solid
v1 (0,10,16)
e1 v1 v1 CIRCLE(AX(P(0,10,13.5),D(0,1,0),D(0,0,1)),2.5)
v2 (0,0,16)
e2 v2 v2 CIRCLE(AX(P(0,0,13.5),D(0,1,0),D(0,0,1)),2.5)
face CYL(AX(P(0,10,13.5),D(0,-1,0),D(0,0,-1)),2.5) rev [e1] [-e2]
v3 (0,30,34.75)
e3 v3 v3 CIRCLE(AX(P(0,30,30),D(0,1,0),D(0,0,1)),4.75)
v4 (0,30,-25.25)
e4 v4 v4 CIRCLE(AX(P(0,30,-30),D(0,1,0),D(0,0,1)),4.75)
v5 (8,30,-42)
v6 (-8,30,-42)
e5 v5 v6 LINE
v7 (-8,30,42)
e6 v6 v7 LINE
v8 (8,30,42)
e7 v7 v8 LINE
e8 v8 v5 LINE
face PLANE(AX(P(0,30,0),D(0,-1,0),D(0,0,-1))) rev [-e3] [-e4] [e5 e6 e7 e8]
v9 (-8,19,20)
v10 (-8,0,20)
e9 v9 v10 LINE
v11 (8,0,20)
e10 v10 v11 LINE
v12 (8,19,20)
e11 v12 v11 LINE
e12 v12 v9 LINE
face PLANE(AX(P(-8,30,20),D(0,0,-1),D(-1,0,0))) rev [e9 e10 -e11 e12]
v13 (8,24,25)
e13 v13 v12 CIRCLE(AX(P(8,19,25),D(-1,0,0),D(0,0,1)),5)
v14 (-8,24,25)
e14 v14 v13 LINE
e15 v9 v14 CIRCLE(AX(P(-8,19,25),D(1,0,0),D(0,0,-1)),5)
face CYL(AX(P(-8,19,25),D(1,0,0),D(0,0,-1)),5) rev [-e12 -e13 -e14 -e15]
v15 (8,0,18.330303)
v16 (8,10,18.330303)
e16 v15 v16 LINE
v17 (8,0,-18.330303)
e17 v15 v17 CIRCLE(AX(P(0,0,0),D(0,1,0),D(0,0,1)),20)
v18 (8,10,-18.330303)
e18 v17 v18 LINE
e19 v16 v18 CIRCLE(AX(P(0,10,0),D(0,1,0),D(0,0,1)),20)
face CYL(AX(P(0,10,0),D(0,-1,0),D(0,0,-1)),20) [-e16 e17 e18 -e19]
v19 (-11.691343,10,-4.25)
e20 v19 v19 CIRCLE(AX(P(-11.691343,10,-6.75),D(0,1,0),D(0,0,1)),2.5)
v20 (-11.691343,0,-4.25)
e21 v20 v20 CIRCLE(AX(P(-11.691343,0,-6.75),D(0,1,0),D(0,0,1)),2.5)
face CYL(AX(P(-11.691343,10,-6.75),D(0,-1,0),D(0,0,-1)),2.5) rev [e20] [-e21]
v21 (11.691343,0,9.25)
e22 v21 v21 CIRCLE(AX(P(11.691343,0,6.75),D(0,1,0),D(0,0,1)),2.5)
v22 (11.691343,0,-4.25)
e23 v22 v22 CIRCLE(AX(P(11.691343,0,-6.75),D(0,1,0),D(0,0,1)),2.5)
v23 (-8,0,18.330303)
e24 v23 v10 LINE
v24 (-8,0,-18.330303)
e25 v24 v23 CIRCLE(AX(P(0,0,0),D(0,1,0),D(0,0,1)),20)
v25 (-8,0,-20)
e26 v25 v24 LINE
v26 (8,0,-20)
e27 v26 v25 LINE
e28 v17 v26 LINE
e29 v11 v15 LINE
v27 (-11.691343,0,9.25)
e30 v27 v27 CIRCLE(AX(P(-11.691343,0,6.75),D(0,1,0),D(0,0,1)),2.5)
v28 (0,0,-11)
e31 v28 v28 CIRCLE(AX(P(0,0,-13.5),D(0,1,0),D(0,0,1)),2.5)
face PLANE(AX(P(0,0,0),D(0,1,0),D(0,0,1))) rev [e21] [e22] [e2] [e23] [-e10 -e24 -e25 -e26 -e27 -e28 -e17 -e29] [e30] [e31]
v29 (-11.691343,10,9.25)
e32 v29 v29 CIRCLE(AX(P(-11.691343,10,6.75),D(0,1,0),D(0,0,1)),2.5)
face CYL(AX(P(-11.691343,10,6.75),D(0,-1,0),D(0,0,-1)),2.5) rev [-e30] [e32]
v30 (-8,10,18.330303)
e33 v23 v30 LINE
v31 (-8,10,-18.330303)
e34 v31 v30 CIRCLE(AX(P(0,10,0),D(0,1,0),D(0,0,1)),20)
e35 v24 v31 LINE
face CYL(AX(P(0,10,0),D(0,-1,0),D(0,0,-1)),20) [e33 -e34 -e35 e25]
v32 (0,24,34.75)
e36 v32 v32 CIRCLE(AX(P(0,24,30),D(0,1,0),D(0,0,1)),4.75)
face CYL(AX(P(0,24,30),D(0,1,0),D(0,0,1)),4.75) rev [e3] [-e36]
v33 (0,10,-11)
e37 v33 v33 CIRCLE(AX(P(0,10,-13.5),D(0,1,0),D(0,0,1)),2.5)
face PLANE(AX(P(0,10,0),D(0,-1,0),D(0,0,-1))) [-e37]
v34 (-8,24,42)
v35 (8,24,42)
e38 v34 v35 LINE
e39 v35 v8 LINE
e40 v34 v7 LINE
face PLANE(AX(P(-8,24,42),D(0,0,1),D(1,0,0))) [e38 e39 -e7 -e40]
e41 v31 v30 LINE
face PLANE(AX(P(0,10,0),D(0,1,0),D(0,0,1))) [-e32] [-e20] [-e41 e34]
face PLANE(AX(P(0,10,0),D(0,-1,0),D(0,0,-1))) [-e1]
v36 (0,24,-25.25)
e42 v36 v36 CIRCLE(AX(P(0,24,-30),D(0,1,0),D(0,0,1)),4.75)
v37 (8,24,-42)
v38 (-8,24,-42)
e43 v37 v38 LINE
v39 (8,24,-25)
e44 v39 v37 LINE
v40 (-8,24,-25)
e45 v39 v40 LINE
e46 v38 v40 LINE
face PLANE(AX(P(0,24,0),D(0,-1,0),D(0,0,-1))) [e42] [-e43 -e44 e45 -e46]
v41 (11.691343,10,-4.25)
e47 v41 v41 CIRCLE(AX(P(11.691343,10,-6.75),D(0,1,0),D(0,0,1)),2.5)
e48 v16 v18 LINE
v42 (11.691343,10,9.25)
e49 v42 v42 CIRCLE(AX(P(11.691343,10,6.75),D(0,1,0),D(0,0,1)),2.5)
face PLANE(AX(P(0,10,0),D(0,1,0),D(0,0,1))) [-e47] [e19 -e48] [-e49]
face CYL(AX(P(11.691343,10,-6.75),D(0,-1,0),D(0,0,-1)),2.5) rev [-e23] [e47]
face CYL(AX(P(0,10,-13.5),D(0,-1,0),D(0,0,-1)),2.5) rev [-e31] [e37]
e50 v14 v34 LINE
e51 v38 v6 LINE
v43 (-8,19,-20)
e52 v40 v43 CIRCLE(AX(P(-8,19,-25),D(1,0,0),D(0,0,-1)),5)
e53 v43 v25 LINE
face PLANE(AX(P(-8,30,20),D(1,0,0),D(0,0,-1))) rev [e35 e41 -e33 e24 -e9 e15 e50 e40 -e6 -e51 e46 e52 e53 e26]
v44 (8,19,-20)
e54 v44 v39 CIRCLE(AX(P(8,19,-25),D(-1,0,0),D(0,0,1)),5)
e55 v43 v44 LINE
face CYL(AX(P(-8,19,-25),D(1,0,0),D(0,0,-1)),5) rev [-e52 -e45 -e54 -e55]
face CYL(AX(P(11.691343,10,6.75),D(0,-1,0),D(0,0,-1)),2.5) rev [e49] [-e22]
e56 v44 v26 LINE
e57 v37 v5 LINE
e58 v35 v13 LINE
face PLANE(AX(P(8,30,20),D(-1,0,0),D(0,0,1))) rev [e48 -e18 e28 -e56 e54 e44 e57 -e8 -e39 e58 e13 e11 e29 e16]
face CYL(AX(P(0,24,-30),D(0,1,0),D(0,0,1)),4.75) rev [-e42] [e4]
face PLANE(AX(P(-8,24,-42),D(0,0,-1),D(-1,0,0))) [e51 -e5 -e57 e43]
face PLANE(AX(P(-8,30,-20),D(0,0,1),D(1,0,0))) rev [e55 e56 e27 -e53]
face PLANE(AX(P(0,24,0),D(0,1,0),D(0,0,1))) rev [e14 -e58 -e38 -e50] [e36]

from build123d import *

# Parameters (mm, degrees)
SKETCH1_R           = 20
BOSS_EXTRUDE1_DEPTH = 10
SKETCH2_W           = 16
SKETCH2_H           = 40
BOSS_EXTRUDE2_DEPTH = 20
SKETCH3_W           = 16
SKETCH3_H           = 22
SKETCH3_R           = 4.75
BOSS_EXTRUDE3_DEPTH = 6
FILLET1_R           = 5
BOSS_EXTRUDE4_START = 10
BOSS_EXTRUDE4_DEPTH = 10


with BuildPart() as part:
    # Sketch1 → Boss-Extrude1 (new body)
    # profile 1 of 2: a face of its own
    with BuildSketch(Plane(origin=(0, 0, 0), x_dir=(1, 0, 0), z_dir=(0, 1, 0))):
        with Locations(Location((0, 0, 0), (0, 0, 270))):
            Circle(SKETCH1_R)
        with BuildLine():
            ThreePointArc((9.191342951, -6.75), (11.691342951, -9.25), (14.191342951, -6.75))
            ThreePointArc((14.191342951, -6.75), (11.691342951, -4.25), (9.191342951, -6.75))
        make_face(mode=Mode.SUBTRACT)
        with BuildLine():
            ThreePointArc((-2.5, -13.5), (0, -16), (2.5, -13.5))
            ThreePointArc((2.5, -13.5), (0, -11), (-2.5, -13.5))
        make_face(mode=Mode.SUBTRACT)
        with BuildLine():
            ThreePointArc((-14.191342951, -6.75), (-11.691342951, -9.25), (-9.191342951, -6.75))
            ThreePointArc((-9.191342951, -6.75), (-11.691342951, -4.25), (-14.191342951, -6.75))
        make_face(mode=Mode.SUBTRACT)
        with BuildLine():
            ThreePointArc((-14.191342951, 6.75), (-11.691342951, 4.25), (-9.191342951, 6.75))
            ThreePointArc((-9.191342951, 6.75), (-11.691342951, 9.25), (-14.191342951, 6.75))
        make_face(mode=Mode.SUBTRACT)
        with BuildLine():
            ThreePointArc((5.5, 0), (0, 5.5), (-5.5, 0))
            ThreePointArc((-5.5, 0), (0, -5.5), (5.5, 0))
        make_face(mode=Mode.SUBTRACT)
        with BuildLine():
            ThreePointArc((-2.5, 13.5), (0, 11), (2.5, 13.5))
            ThreePointArc((2.5, 13.5), (0, 16), (-2.5, 13.5))
        make_face(mode=Mode.SUBTRACT)
        with BuildLine():
            ThreePointArc((9.191342951, 6.75), (11.691342951, 4.25), (14.191342951, 6.75))
            ThreePointArc((14.191342951, 6.75), (11.691342951, 9.25), (9.191342951, 6.75))
        make_face(mode=Mode.SUBTRACT)
    # profile 2 of 2: a face of its own
    with BuildSketch(Plane(origin=(0, 0, 0), x_dir=(1, 0, 0), z_dir=(0, 1, 0))):
        with BuildLine():
            ThreePointArc((-5.5, 0), (0, -5.5), (5.5, 0))
            ThreePointArc((5.5, 0), (0, 5.5), (-5.5, 0))
        make_face()
    extrude(amount=BOSS_EXTRUDE1_DEPTH)

    # Sketch2 → Boss-Extrude2 (add)
    with BuildSketch(Plane(origin=(0, 10, 0), x_dir=(1, 0, 0), z_dir=(0, 1, 0))):
        Rectangle(SKETCH2_W, SKETCH2_H)
    extrude(amount=BOSS_EXTRUDE2_DEPTH)

    # Sketch3 → Boss-Extrude3 (add)
    # profile 1 of 2: a face of its own
    with BuildSketch(Plane(origin=(0, 30, 0), x_dir=(1, 0, 0), z_dir=(0, 1, 0))):
        with Locations((0, -31)):
            Rectangle(SKETCH3_W, SKETCH3_H)
        with Locations(Location((0, -30, 0), (0, 0, 270))):
            Circle(SKETCH3_R, mode=Mode.SUBTRACT)
    # profile 2 of 2: a face of its own
    with BuildSketch(Plane(origin=(0, 30, 0), x_dir=(1, 0, 0), z_dir=(0, 1, 0))):
        with Locations((0, 31)):
            Rectangle(SKETCH3_W, SKETCH3_H)
        with Locations(Location((0, 30, 0), (0, 0, 270))):
            Circle(SKETCH3_R, mode=Mode.SUBTRACT)
    extrude(amount=-BOSS_EXTRUDE3_DEPTH)

    # Fillet1
    fillet1_edges = [part.edges().sort_by_distance(p)[0] for p in [
        (0, 24, 20),
        (0, 24, -20),
    ]]
    fillet(fillet1_edges, radius=FILLET1_R)

    # Sketch4 → Boss-Extrude4 (add)
    with BuildSketch(Plane.XZ.offset(-10).offset(BOSS_EXTRUDE4_START)):
        with BuildLine():
            Line((-8, -18.33030278), (-8, -20))
            Line((-8, -20), (0, -20))
            ThreePointArc((0, -20), (-4.086192874, -19.578126259), (-8, -18.33030278))
        make_face()
        with BuildLine():
            ThreePointArc((8, -18.33030278), (4.086192874, -19.578126259), (0, -20))
            Line((0, -20), (8, -20))
            Line((8, -20), (8, -18.33030278))
        make_face()
        with BuildLine():
            Line((8, 18.33030278), (8, 20))
            Line((8, 20), (0, 20))
            ThreePointArc((0, 20), (4.086192874, 19.578126259), (8, 18.33030278))
        make_face()
        with BuildLine():
            ThreePointArc((-8, 18.33030278), (-4.086192874, 19.578126259), (0, 20))
            Line((0, 20), (-8, 20))
            Line((-8, 20), (-8, 18.33030278))
        make_face()
    extrude(amount=-BOSS_EXTRUDE4_DEPTH)


solid = part.part
